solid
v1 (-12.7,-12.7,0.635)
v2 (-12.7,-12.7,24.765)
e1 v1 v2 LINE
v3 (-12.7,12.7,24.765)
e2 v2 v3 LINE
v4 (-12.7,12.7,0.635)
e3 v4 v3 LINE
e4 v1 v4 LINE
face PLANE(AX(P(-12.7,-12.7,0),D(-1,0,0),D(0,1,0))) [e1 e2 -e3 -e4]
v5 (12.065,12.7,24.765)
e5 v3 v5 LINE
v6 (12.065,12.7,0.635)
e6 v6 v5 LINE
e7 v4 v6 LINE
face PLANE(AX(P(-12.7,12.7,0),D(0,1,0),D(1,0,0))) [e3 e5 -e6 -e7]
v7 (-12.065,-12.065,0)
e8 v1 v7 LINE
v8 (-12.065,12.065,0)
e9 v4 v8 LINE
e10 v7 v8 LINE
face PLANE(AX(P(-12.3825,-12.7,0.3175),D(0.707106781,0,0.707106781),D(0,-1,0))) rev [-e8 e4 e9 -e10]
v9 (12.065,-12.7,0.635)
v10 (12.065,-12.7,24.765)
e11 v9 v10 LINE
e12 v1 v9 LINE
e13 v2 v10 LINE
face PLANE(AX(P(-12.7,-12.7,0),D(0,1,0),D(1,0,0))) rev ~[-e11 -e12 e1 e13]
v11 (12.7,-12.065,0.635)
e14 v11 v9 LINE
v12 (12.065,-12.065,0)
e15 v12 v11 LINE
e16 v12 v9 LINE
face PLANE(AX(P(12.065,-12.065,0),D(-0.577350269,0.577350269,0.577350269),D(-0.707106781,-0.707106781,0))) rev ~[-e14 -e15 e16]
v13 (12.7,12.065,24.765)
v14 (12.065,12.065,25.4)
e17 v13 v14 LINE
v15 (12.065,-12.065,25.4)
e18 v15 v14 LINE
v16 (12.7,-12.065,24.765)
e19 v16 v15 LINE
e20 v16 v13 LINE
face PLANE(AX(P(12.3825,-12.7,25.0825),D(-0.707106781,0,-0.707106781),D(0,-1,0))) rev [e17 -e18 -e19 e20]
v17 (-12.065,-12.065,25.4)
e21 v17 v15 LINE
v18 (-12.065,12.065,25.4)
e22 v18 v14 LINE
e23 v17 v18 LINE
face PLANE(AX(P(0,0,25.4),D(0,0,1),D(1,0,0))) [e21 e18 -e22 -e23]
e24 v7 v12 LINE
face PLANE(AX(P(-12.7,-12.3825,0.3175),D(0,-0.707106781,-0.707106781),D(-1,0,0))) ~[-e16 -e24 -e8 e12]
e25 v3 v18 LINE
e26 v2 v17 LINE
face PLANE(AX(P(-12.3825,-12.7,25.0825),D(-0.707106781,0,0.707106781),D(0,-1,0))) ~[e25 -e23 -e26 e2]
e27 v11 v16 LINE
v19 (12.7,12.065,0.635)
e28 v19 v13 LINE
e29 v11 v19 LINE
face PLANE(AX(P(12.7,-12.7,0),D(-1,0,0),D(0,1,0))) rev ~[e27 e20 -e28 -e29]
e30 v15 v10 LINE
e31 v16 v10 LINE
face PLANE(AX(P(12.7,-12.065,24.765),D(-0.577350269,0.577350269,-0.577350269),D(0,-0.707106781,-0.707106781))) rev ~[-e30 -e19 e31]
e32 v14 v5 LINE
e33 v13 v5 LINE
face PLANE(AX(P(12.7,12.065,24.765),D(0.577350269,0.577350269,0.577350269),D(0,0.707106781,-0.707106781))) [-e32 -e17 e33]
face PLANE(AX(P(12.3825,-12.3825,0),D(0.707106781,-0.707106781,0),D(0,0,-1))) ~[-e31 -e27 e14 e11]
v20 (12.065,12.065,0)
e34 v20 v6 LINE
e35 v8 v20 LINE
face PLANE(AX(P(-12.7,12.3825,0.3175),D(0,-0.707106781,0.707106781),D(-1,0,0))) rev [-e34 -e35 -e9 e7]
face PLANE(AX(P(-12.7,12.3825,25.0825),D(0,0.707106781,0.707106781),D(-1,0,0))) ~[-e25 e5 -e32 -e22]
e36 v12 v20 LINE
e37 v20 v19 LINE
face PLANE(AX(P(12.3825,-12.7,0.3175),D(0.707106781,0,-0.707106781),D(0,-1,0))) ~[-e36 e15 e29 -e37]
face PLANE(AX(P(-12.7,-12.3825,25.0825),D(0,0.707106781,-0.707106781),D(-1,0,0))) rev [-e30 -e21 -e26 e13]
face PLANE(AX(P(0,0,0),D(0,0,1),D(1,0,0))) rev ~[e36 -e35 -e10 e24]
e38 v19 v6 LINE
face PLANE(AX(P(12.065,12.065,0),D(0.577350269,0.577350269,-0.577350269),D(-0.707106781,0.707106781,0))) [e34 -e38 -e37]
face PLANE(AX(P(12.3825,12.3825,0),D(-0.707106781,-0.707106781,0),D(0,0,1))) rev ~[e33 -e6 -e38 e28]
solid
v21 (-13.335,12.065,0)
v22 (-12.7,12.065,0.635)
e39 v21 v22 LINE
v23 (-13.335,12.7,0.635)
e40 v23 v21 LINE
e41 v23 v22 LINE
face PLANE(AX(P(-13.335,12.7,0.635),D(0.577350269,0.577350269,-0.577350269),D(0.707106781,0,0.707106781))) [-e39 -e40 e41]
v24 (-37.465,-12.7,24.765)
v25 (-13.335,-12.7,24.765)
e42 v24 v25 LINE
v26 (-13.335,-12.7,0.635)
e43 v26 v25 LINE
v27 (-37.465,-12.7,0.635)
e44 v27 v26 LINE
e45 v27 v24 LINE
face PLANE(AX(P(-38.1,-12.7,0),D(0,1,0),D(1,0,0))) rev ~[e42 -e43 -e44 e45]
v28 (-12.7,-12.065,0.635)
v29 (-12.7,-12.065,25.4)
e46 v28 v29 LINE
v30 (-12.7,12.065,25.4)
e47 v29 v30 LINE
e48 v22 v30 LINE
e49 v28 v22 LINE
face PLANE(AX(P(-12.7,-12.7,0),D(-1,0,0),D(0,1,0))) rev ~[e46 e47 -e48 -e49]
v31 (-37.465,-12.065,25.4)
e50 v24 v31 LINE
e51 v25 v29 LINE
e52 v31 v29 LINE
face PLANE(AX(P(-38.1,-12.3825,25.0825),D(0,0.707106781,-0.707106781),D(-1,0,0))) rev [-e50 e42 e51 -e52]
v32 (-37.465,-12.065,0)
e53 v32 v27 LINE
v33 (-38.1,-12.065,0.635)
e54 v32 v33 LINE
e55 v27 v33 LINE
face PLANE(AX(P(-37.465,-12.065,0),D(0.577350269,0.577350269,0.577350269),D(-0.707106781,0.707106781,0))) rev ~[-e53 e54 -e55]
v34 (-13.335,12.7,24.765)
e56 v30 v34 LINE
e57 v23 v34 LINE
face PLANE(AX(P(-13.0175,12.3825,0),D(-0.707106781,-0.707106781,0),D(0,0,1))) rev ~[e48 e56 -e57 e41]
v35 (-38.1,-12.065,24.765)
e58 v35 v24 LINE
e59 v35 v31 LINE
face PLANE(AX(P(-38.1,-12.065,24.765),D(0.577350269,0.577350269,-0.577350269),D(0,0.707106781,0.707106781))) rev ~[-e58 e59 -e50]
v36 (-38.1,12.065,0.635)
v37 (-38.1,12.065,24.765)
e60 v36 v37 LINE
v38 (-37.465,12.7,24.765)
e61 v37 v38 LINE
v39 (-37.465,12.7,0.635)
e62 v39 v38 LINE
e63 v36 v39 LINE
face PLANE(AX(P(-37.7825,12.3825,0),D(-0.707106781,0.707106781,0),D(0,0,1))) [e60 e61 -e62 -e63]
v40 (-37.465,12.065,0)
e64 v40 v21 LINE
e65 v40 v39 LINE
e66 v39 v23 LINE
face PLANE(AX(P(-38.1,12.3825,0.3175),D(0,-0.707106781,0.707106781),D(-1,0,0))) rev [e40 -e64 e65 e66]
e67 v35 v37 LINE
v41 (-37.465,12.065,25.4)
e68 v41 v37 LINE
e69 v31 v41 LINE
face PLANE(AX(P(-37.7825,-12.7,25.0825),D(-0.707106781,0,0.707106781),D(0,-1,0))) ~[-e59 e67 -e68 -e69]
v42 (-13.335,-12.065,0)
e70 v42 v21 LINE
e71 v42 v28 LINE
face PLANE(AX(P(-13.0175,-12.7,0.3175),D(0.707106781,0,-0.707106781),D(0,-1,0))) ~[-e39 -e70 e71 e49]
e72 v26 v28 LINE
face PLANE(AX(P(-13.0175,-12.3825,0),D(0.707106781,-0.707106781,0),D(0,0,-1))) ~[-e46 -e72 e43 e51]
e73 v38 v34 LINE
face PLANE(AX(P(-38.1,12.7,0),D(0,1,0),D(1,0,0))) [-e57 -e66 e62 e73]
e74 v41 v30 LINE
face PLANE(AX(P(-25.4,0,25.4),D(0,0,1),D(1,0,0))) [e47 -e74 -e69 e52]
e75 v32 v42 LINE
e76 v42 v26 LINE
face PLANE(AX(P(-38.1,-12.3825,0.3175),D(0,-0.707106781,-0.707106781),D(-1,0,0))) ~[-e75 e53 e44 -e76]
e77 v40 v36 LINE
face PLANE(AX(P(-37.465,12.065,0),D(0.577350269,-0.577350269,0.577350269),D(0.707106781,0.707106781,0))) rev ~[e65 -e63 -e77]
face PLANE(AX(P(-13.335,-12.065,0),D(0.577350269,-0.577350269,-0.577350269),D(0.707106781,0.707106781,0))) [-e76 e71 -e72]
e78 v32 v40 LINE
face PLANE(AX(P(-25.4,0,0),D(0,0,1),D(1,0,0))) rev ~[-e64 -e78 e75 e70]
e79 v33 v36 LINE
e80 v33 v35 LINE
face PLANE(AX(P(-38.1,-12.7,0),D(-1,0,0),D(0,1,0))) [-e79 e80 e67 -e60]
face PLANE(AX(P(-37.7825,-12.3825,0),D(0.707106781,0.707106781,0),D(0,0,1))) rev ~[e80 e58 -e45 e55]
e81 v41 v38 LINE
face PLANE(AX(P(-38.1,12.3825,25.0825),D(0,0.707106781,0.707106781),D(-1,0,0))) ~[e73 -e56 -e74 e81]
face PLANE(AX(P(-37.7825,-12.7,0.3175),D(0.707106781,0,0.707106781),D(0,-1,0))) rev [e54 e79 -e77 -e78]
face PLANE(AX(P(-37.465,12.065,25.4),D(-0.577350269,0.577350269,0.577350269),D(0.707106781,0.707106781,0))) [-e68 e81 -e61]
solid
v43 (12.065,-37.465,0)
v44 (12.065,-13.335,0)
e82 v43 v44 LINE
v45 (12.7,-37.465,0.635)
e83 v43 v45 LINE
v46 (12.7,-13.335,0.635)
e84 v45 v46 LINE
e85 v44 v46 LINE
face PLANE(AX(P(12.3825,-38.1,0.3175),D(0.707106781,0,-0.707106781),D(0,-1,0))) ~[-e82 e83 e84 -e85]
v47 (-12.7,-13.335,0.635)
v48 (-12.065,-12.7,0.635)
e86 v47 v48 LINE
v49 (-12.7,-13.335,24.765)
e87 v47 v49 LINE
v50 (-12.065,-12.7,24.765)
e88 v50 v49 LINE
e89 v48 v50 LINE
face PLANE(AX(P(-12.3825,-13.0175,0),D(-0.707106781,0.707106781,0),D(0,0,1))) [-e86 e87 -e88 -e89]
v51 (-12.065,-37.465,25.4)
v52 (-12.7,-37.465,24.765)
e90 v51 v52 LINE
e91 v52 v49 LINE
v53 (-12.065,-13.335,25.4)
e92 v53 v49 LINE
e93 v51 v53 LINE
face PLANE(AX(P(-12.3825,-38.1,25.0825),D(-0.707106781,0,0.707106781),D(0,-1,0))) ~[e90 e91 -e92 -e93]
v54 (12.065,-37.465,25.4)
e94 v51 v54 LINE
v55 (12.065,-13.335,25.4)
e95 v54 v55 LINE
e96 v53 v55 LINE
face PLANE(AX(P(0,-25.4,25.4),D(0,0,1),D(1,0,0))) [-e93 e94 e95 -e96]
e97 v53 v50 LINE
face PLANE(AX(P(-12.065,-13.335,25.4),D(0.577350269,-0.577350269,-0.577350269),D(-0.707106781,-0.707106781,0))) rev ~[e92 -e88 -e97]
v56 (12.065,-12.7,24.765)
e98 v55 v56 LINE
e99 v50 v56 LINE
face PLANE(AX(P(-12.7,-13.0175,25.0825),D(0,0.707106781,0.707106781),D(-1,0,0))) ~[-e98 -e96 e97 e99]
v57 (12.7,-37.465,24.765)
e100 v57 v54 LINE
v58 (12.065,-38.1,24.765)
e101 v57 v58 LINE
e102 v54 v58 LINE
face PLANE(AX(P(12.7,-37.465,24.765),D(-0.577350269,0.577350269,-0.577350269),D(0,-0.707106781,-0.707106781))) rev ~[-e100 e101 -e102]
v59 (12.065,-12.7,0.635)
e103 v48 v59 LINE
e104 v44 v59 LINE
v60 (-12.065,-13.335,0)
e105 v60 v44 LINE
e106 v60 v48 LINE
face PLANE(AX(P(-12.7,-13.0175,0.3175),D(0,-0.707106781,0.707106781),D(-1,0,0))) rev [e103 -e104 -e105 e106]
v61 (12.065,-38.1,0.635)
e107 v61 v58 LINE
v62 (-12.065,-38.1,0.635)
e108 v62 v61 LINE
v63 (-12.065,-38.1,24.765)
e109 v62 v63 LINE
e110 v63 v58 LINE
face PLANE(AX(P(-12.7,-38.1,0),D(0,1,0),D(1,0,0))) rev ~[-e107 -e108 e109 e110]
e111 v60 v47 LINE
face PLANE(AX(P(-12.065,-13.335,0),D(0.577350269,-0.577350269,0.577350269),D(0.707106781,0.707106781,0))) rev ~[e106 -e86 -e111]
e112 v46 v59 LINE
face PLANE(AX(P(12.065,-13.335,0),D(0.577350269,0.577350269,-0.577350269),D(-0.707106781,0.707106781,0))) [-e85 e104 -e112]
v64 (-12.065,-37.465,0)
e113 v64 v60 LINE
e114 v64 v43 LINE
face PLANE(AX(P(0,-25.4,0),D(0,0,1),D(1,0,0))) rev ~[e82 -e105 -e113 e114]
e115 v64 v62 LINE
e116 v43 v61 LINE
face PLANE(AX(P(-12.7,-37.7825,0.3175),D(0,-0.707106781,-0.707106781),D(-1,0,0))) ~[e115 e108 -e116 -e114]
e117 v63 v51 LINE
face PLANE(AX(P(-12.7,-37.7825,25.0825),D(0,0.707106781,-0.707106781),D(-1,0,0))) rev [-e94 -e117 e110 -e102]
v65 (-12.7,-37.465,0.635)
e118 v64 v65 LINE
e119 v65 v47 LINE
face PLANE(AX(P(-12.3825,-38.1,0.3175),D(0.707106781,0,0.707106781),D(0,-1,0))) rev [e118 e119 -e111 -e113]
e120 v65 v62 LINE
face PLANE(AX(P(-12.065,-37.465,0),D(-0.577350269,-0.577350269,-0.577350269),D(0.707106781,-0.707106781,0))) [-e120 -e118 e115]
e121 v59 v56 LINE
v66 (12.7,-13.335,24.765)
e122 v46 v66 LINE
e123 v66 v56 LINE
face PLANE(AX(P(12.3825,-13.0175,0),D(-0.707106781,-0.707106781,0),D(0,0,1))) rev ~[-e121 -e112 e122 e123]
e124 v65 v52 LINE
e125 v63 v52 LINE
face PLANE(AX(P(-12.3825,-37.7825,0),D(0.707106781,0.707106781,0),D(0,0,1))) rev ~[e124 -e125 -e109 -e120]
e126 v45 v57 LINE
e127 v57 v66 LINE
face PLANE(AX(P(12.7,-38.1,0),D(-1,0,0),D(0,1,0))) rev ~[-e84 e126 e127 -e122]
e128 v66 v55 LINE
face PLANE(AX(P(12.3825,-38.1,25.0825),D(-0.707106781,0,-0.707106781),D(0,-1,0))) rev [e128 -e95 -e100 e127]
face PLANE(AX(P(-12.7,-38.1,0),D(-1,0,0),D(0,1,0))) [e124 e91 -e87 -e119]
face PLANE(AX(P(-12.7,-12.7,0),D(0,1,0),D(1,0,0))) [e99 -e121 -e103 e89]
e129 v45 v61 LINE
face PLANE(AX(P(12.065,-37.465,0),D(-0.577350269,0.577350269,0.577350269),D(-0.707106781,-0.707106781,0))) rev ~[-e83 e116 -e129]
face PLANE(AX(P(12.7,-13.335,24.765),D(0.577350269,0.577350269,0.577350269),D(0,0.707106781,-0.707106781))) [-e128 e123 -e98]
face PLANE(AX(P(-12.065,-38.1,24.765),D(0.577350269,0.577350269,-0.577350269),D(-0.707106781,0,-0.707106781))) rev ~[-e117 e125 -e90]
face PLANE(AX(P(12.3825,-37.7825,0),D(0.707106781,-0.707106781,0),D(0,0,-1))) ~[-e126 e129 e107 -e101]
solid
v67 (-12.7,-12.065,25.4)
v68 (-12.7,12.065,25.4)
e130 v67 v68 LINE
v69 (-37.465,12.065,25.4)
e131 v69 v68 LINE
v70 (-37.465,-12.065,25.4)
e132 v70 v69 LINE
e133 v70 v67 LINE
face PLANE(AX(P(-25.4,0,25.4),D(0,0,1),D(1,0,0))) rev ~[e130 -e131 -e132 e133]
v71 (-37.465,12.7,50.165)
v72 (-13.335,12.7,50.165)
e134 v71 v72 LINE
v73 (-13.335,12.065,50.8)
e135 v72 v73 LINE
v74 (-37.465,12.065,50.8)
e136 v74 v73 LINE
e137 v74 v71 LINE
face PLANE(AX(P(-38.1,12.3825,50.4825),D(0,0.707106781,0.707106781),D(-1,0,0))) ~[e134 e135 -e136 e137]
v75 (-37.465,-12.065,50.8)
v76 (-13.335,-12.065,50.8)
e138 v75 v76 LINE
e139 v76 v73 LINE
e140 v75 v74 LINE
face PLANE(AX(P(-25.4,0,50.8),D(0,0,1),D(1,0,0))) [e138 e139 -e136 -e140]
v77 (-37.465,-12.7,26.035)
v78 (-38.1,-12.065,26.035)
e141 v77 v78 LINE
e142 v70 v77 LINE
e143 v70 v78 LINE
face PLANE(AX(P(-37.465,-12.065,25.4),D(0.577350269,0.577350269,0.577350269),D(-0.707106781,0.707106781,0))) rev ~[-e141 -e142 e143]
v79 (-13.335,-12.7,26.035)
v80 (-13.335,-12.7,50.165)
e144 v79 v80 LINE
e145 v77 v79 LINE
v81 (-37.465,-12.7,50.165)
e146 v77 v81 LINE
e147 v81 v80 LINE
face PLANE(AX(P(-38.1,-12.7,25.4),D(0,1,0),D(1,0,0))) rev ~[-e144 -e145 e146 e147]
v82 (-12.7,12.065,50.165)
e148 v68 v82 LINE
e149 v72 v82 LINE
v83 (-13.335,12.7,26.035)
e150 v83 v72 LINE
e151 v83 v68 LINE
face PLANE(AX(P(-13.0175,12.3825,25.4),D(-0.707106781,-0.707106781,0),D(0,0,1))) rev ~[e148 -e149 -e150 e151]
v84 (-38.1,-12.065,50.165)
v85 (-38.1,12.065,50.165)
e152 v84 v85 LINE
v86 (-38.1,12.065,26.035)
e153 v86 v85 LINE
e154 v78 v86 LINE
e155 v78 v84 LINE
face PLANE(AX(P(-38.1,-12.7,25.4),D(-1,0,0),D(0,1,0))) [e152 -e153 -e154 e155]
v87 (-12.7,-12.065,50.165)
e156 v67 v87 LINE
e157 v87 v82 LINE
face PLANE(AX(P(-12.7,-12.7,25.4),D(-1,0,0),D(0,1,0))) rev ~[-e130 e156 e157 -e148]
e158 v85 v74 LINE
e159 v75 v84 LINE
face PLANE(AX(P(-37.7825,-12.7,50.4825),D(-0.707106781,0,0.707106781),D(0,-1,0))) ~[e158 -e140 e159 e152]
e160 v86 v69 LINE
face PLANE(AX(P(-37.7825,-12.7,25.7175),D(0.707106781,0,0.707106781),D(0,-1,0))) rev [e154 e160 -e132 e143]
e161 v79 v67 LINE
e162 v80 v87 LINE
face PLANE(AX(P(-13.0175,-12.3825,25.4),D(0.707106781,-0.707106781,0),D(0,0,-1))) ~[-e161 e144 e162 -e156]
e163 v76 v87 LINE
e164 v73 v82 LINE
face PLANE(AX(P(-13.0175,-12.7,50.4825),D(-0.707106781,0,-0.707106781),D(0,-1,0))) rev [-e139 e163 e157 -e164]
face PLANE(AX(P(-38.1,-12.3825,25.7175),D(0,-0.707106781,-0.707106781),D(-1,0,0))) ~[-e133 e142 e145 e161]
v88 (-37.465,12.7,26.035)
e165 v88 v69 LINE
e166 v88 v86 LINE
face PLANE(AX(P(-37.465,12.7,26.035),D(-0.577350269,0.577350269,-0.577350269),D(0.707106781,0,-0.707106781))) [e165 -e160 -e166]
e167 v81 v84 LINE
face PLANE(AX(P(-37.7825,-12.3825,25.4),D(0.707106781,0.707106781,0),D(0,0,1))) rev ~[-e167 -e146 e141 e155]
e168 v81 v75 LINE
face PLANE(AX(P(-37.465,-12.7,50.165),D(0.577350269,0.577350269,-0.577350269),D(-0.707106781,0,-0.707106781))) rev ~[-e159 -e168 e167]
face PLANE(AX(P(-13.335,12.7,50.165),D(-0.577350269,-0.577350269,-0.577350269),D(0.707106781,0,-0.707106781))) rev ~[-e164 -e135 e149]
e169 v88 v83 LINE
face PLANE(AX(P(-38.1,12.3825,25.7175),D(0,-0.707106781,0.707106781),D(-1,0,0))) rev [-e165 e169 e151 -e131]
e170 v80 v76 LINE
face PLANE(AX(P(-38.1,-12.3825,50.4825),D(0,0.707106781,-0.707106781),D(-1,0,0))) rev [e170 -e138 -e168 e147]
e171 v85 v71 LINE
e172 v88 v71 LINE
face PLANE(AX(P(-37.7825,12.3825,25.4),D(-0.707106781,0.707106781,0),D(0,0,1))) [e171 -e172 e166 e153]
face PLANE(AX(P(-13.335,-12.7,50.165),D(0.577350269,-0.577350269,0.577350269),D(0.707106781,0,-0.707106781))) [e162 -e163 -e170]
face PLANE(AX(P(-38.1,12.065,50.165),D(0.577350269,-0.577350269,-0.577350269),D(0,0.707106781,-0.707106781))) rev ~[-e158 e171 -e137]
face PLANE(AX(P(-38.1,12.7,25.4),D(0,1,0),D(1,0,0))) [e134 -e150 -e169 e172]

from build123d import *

# Parameters (mm, degrees)
F0_W      = 25.4
F0_H      = 25.4
F1_DEPTH  = 25.4
F2_DEPTH  = 25.4
F3_DEPTH  = 25.4
F4_DEPTH  = 25.4
F5_SIZE   = 0.635
F5_2_SIZE = 0.635
F5_3_SIZE = 0.635
F5_4_SIZE = 0.635


with BuildPart() as f1:
    # F0 (on Top) → F1 (new body)
    with BuildSketch(Plane.XY):
        with Locations((-25.4, 0)):
            Rectangle(F0_W, F0_H)
    extrude(amount=F1_DEPTH)


with BuildPart() as f2:
    # F0 (on Top) → F2 (new body)
    with BuildSketch(Plane.XY):
        Rectangle(F0_W, F0_H)
    extrude(amount=F2_DEPTH)

    # F5#4
    f5_4_edges = [f2.edges().sort_by_distance(p)[0] for p in [
        (0, 12.7, 25.4),
        (-12.7, 0, 25.4),
        (0, -12.7, 25.4),
        (12.7, 0, 25.4),
        (12.7, -12.7, 12.7),
        (12.7, 12.7, 12.7),
        (12.7, 0, 0),
        (0, 12.7, 0),
        (-12.7, 0, 0),
        (0, -12.7, 0),
    ]]
    chamfer(f5_4_edges, length=F5_4_SIZE)


with BuildPart() as f3:
    # F0 (on Top) → F3 (new body)
    with BuildSketch(Plane.XY):
        with Locations((0, -25.4)):
            Rectangle(F0_W, F0_H)
    extrude(amount=F3_DEPTH)

    # F5#3
    f5_3_edges = [f3.edges().sort_by_distance(p)[0] for p in [
        (-12.7, -12.7, 12.7),
        (0, -12.7, 25.4),
        (-12.7, -25.4, 25.4),
        (0, -38.1, 25.4),
        (12.7, -25.4, 25.4),
        (-12.7, -38.1, 12.7),
        (-12.7, -25.4, 0),
        (12.7, -38.1, 12.7),
        (12.7, -12.7, 12.7),
        (12.7, -25.4, 0),
        (0, -12.7, 0),
        (0, -38.1, 0),
    ]]
    chamfer(f5_3_edges, length=F5_3_SIZE)


with BuildPart() as f4:
    # F4 (new): a face of the model
    f4_faces = [f1.part.faces().sort_by_distance(p)[0] for p in [
        (-25.4, 0, 25.4),
    ]]
    extrude(f4_faces, amount=F4_DEPTH)

    # F5
    f5_edges = [f4.edges().sort_by_distance(p)[0] for p in [
        (-12.7, 0, 50.8),
        (-25.4, 12.7, 50.8),
        (-38.1, 0, 50.8),
        (-25.4, -12.7, 50.8),
        (-38.1, -12.7, 38.1),
        (-12.7, -12.7, 38.1),
        (-25.4, -12.7, 25.4),
        (-38.1, 0, 25.4),
        (-38.1, 12.7, 38.1),
        (-25.4, 12.7, 25.4),
        (-12.7, 12.7, 38.1),
    ]]
    chamfer(f5_edges, length=F5_SIZE)


with BuildPart() as f1_1:
    add(f1.part)

    # F5#2
    f5_2_edges = [f1_1.edges().sort_by_distance(p)[0] for p in [
        (-25.4, -12.7, 25.4),
        (-38.1, -12.7, 12.7),
        (-12.7, -12.7, 12.7),
        (-25.4, -12.7, 0),
        (-38.1, 12.7, 12.7),
        (-38.1, 0, 0),
        (-38.1, 0, 25.4),
        (-12.7, 0, 0),
        (-25.4, 12.7, 0),
        (-12.7, 12.7, 12.7),
        (-25.4, 12.7, 25.4),
    ]]
    chamfer(f5_2_edges, length=F5_2_SIZE)


solid = Compound([f2.part, f3.part, f4.part, f1_1.part])
